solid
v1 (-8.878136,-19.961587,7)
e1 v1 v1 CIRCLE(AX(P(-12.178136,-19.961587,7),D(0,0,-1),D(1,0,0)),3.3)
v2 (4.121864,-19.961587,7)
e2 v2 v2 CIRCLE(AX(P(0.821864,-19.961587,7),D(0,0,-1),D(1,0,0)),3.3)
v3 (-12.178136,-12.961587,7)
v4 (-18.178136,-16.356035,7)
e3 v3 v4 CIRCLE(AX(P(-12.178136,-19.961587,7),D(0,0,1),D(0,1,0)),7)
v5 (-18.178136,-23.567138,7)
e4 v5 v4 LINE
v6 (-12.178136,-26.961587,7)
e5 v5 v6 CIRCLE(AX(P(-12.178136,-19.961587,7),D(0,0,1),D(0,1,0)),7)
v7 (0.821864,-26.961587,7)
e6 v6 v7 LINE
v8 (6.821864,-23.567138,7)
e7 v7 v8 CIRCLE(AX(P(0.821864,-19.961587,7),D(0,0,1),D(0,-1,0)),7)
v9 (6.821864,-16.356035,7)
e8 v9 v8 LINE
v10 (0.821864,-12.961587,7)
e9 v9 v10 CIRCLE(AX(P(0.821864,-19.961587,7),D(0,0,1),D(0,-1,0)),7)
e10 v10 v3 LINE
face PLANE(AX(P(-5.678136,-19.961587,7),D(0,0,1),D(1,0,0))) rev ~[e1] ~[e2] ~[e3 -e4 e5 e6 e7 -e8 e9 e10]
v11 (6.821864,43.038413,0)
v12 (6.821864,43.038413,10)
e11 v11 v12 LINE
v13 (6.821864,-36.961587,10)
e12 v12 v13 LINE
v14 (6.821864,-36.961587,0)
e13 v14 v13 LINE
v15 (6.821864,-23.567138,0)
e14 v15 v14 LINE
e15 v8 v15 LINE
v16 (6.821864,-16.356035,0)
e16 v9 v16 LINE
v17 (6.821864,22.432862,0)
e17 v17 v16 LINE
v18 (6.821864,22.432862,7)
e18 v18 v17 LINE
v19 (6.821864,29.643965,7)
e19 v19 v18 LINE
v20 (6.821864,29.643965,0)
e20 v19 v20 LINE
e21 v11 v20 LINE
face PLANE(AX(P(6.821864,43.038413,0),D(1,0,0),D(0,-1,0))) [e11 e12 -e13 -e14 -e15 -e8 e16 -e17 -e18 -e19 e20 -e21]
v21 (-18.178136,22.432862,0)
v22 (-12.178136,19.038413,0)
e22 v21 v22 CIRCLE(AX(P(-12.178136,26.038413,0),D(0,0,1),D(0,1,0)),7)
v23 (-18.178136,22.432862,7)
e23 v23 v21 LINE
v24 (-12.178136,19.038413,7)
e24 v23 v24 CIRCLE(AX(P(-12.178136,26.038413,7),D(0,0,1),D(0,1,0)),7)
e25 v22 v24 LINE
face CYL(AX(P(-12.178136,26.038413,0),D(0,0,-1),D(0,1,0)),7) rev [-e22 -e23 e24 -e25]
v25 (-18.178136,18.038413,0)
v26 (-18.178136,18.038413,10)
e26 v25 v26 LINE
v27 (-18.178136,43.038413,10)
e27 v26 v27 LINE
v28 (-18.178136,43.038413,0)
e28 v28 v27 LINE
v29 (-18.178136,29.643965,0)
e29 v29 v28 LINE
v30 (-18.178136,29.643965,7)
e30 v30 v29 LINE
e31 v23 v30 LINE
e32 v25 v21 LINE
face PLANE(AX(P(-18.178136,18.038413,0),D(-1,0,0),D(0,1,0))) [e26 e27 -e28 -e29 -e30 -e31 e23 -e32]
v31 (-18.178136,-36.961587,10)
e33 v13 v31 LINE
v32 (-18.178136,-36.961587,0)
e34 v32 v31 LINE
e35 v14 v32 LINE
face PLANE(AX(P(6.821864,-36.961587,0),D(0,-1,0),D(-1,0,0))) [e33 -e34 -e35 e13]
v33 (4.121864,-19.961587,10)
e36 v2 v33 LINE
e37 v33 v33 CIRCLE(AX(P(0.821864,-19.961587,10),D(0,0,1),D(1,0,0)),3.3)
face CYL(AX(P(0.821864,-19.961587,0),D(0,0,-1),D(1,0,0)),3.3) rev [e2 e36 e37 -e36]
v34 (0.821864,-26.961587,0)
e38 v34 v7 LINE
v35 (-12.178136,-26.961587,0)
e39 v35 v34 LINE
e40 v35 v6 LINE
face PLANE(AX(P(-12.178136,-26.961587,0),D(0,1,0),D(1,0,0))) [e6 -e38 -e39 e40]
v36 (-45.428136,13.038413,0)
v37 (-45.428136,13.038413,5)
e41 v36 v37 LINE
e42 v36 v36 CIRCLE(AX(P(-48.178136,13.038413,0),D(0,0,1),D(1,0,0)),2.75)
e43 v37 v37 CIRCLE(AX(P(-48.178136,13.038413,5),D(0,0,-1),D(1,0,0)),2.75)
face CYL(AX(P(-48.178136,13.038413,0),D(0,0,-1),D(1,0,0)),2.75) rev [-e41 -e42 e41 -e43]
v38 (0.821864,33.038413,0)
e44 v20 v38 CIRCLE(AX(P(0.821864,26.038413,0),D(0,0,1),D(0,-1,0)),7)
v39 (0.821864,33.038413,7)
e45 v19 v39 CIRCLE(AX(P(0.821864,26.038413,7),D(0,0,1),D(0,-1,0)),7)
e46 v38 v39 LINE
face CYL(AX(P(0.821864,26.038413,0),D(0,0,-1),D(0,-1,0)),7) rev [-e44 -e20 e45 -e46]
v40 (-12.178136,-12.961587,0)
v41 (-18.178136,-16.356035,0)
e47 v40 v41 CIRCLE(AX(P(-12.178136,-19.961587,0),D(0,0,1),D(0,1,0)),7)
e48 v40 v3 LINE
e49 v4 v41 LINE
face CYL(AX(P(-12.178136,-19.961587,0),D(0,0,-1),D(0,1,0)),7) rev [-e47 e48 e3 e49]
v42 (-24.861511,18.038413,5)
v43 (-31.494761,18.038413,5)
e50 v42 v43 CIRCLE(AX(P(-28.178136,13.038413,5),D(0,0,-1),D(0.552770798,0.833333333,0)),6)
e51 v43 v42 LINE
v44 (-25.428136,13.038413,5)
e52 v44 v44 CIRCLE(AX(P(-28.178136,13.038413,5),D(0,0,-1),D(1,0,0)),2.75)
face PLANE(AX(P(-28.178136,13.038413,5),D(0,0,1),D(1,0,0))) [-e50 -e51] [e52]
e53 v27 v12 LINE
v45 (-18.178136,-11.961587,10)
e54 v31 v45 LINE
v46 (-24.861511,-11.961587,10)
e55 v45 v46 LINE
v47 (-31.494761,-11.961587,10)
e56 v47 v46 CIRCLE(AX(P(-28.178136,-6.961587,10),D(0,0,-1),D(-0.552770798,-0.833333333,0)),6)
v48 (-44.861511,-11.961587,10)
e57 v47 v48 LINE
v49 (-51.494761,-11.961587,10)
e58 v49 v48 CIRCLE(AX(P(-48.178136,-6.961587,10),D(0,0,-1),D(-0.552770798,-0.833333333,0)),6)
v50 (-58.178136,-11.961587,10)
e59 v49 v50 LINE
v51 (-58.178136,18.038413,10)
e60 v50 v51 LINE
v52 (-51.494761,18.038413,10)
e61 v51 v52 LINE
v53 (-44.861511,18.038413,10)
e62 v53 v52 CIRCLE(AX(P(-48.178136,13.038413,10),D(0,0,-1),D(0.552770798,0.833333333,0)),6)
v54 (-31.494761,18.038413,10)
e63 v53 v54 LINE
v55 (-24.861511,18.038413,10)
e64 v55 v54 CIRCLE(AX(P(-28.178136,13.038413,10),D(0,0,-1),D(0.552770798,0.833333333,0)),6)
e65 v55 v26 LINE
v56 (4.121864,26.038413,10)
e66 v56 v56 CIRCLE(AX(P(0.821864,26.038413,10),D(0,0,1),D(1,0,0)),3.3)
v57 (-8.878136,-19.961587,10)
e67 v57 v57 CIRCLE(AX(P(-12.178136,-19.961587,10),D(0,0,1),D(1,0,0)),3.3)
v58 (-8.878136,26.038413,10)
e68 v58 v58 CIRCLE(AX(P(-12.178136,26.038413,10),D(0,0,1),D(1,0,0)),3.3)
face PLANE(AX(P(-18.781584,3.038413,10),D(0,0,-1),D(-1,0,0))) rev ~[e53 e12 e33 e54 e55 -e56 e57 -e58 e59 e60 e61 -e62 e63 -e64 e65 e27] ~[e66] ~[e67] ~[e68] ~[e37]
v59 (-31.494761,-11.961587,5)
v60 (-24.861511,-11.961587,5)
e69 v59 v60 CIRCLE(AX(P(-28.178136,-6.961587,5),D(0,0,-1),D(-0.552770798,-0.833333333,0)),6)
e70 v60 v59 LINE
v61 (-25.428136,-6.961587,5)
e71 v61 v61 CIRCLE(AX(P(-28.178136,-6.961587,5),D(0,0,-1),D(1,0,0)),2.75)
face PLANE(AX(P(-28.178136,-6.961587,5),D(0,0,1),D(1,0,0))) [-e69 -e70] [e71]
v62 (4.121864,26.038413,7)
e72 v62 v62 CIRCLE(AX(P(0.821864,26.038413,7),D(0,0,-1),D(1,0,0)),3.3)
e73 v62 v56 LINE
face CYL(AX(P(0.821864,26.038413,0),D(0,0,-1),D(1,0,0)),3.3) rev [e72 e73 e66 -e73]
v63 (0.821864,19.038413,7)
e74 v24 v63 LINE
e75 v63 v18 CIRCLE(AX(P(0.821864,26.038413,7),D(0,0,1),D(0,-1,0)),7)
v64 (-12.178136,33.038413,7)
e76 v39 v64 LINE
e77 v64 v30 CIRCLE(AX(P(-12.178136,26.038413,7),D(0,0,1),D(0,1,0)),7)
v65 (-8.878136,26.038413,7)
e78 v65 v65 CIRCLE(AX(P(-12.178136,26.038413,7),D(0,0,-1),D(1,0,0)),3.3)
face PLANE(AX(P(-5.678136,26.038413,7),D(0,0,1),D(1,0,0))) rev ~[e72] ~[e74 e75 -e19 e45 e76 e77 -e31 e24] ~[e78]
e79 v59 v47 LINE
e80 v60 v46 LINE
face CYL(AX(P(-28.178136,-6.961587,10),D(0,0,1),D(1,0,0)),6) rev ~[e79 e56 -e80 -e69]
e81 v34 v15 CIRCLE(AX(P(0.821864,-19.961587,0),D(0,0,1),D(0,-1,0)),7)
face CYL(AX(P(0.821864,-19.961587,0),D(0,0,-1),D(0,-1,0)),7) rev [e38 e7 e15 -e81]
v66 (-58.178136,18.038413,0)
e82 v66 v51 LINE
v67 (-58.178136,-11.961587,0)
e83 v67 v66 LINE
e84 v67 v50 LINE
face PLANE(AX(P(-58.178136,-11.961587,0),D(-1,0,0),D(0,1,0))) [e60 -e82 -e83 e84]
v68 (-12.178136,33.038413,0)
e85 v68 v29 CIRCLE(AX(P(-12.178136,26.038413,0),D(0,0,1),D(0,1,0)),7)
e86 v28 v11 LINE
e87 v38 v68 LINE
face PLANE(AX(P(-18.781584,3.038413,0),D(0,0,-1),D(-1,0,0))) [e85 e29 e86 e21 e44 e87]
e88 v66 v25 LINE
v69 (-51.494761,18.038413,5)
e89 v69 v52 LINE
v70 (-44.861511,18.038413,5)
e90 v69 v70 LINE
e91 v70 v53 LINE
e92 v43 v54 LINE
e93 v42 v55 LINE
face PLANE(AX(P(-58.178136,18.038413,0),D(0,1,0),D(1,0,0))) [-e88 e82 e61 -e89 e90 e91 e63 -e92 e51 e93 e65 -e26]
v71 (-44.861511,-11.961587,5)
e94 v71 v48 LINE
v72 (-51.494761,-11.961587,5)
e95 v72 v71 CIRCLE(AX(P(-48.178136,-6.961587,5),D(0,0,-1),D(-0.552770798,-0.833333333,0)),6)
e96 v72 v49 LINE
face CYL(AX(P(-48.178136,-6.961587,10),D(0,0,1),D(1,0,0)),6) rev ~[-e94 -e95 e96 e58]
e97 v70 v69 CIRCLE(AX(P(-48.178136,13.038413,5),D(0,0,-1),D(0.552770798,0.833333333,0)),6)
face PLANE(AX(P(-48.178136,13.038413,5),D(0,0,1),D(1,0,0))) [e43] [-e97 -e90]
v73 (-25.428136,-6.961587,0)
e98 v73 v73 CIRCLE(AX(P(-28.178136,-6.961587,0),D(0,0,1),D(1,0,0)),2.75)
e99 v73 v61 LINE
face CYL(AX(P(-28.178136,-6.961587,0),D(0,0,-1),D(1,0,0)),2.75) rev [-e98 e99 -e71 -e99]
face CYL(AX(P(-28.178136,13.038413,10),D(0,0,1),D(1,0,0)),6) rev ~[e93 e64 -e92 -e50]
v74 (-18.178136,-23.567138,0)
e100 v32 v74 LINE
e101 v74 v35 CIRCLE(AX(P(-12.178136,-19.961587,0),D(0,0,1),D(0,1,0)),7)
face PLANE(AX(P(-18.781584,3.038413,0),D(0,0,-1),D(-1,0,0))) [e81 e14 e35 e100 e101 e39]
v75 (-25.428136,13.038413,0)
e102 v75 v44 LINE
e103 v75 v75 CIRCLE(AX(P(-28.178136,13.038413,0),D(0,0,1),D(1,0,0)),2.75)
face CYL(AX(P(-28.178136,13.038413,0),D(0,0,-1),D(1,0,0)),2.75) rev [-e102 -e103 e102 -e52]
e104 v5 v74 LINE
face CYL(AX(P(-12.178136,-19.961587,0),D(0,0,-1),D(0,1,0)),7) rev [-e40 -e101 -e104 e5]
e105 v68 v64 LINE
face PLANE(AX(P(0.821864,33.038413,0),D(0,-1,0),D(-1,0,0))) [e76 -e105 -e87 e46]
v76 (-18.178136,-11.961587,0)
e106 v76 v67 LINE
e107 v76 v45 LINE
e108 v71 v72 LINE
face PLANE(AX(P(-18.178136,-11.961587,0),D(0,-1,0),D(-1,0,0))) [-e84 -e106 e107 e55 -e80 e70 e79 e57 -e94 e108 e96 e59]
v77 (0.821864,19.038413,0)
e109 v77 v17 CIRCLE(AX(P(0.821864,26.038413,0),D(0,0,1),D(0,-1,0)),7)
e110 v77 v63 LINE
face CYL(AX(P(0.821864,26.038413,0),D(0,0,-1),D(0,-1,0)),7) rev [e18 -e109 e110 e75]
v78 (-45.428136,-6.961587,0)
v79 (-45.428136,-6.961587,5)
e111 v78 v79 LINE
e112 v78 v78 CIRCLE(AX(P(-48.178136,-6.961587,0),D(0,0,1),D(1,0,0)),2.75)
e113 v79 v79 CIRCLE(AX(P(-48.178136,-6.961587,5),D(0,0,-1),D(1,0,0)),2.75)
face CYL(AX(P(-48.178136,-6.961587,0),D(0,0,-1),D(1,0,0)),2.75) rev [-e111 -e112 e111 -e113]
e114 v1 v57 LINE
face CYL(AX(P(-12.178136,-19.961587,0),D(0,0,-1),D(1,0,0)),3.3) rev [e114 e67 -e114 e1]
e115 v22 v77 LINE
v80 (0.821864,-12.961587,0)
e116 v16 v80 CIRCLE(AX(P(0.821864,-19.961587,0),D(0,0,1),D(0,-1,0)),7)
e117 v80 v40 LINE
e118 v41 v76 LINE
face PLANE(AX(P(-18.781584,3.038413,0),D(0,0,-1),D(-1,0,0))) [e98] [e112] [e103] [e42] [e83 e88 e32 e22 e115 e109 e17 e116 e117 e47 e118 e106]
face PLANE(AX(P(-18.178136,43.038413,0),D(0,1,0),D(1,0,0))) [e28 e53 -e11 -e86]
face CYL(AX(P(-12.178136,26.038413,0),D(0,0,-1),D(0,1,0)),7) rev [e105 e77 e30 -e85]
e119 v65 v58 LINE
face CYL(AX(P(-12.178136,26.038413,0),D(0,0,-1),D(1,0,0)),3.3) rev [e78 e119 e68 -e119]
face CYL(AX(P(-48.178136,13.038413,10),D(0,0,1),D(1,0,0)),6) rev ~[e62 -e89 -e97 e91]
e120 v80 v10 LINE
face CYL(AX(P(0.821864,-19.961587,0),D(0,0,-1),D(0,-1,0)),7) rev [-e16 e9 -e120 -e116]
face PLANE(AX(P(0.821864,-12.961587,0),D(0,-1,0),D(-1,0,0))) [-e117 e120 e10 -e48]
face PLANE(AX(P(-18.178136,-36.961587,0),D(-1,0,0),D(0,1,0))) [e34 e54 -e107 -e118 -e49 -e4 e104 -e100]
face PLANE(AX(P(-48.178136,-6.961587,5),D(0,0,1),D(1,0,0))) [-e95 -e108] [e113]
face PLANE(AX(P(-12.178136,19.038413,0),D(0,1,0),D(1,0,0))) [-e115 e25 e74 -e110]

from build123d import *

# Parameters (mm, degrees)
ESQUISSE1_R             = 3.3
ESQUISSE1_R_2           = 2.75
BOSS_EXTRU_1_DEPTH      = 10
ESQUISSE2_R             = 6
ENL_V_MAT_EXTRU_1_DEPTH = 5
ENL_V_MAT_EXTRU_3_DEPTH = 7


with BuildPart() as part:
    # Esquisse1 → Boss.-Extru.1 (new body)
    with BuildSketch(Plane.XY):
        Polygon((6.821863894, 43.038413396), (6.821863894, -36.961586604), (-18.178136106, -36.961586604), (-18.178136106, -11.961586604), (-58.178136106, -11.961586604), (-58.178136106, 18.038413396), (-18.178136106, 18.038413396), (-18.178136106, 43.038413396), align=None)
        with Locations((0.821863894, 26.038413396)):
            Circle(ESQUISSE1_R, mode=Mode.SUBTRACT)
        with Locations((-12.178136106, 26.038413396)):
            Circle(ESQUISSE1_R, mode=Mode.SUBTRACT)
        with Locations((-12.178136106, -19.961586604)):
            Circle(ESQUISSE1_R, mode=Mode.SUBTRACT)
        with Locations((0.821863894, -19.961586604)):
            Circle(ESQUISSE1_R, mode=Mode.SUBTRACT)
        with Locations((-48.178136106, 13.038413396)):
            Circle(ESQUISSE1_R_2, mode=Mode.SUBTRACT)
        with Locations((-28.178136106, 13.038413396)):
            Circle(ESQUISSE1_R_2, mode=Mode.SUBTRACT)
        with Locations((-28.178136106, -6.961586604)):
            Circle(ESQUISSE1_R_2, mode=Mode.SUBTRACT)
        with Locations((-48.178136106, -6.961586604)):
            Circle(ESQUISSE1_R_2, mode=Mode.SUBTRACT)
    extrude(amount=BOSS_EXTRU_1_DEPTH)

    # Esquisse2 → Enlèv. mat.-Extru.1 (cut)
    with BuildSketch(Plane.XY.offset(10)):
        with Locations((-48.178136106, 13.038413396)):
            Circle(ESQUISSE2_R)
        with Locations((-28.178136106, 13.038413396)):
            Circle(ESQUISSE2_R)
        with Locations((-28.178136106, -6.961586604)):
            Circle(ESQUISSE2_R)
        with Locations((-48.178136106, -6.961586604)):
            Circle(ESQUISSE2_R)
    extrude(amount=-ENL_V_MAT_EXTRU_1_DEPTH, mode=Mode.SUBTRACT)

    # Esquisse3 → Enlèv. mat.-Extru.3 (cut)
    with BuildSketch(Plane(origin=(0, 0, 0), x_dir=(-1, 0, 0), z_dir=(0, 0, -1))):
        with BuildLine():
            Line((-0.821863894, 33.038413396), (12.178136106, 33.038413396))
            ThreePointArc((12.178136106, 33.038413396), (19.178136106, 26.038413396), (12.178136106, 19.038413396))
            Line((12.178136106, 19.038413396), (-0.821863894, 19.038413396))
            ThreePointArc((-0.821863894, 19.038413396), (-7.821863894, 26.038413396), (-0.821863894, 33.038413396))
        make_face()
        with BuildLine():
            Line((-0.821863894, -12.961586604), (12.178136106, -12.961586604))
            ThreePointArc((12.178136106, -12.961586604), (19.178136106, -19.961586604), (12.178136106, -26.961586604))
            Line((12.178136106, -26.961586604), (-0.821863894, -26.961586604))
            ThreePointArc((-0.821863894, -26.961586604), (-7.821863894, -19.961586604), (-0.821863894, -12.961586604))
        make_face()
    extrude(amount=-ENL_V_MAT_EXTRU_3_DEPTH, mode=Mode.SUBTRACT)


solid = part.part
